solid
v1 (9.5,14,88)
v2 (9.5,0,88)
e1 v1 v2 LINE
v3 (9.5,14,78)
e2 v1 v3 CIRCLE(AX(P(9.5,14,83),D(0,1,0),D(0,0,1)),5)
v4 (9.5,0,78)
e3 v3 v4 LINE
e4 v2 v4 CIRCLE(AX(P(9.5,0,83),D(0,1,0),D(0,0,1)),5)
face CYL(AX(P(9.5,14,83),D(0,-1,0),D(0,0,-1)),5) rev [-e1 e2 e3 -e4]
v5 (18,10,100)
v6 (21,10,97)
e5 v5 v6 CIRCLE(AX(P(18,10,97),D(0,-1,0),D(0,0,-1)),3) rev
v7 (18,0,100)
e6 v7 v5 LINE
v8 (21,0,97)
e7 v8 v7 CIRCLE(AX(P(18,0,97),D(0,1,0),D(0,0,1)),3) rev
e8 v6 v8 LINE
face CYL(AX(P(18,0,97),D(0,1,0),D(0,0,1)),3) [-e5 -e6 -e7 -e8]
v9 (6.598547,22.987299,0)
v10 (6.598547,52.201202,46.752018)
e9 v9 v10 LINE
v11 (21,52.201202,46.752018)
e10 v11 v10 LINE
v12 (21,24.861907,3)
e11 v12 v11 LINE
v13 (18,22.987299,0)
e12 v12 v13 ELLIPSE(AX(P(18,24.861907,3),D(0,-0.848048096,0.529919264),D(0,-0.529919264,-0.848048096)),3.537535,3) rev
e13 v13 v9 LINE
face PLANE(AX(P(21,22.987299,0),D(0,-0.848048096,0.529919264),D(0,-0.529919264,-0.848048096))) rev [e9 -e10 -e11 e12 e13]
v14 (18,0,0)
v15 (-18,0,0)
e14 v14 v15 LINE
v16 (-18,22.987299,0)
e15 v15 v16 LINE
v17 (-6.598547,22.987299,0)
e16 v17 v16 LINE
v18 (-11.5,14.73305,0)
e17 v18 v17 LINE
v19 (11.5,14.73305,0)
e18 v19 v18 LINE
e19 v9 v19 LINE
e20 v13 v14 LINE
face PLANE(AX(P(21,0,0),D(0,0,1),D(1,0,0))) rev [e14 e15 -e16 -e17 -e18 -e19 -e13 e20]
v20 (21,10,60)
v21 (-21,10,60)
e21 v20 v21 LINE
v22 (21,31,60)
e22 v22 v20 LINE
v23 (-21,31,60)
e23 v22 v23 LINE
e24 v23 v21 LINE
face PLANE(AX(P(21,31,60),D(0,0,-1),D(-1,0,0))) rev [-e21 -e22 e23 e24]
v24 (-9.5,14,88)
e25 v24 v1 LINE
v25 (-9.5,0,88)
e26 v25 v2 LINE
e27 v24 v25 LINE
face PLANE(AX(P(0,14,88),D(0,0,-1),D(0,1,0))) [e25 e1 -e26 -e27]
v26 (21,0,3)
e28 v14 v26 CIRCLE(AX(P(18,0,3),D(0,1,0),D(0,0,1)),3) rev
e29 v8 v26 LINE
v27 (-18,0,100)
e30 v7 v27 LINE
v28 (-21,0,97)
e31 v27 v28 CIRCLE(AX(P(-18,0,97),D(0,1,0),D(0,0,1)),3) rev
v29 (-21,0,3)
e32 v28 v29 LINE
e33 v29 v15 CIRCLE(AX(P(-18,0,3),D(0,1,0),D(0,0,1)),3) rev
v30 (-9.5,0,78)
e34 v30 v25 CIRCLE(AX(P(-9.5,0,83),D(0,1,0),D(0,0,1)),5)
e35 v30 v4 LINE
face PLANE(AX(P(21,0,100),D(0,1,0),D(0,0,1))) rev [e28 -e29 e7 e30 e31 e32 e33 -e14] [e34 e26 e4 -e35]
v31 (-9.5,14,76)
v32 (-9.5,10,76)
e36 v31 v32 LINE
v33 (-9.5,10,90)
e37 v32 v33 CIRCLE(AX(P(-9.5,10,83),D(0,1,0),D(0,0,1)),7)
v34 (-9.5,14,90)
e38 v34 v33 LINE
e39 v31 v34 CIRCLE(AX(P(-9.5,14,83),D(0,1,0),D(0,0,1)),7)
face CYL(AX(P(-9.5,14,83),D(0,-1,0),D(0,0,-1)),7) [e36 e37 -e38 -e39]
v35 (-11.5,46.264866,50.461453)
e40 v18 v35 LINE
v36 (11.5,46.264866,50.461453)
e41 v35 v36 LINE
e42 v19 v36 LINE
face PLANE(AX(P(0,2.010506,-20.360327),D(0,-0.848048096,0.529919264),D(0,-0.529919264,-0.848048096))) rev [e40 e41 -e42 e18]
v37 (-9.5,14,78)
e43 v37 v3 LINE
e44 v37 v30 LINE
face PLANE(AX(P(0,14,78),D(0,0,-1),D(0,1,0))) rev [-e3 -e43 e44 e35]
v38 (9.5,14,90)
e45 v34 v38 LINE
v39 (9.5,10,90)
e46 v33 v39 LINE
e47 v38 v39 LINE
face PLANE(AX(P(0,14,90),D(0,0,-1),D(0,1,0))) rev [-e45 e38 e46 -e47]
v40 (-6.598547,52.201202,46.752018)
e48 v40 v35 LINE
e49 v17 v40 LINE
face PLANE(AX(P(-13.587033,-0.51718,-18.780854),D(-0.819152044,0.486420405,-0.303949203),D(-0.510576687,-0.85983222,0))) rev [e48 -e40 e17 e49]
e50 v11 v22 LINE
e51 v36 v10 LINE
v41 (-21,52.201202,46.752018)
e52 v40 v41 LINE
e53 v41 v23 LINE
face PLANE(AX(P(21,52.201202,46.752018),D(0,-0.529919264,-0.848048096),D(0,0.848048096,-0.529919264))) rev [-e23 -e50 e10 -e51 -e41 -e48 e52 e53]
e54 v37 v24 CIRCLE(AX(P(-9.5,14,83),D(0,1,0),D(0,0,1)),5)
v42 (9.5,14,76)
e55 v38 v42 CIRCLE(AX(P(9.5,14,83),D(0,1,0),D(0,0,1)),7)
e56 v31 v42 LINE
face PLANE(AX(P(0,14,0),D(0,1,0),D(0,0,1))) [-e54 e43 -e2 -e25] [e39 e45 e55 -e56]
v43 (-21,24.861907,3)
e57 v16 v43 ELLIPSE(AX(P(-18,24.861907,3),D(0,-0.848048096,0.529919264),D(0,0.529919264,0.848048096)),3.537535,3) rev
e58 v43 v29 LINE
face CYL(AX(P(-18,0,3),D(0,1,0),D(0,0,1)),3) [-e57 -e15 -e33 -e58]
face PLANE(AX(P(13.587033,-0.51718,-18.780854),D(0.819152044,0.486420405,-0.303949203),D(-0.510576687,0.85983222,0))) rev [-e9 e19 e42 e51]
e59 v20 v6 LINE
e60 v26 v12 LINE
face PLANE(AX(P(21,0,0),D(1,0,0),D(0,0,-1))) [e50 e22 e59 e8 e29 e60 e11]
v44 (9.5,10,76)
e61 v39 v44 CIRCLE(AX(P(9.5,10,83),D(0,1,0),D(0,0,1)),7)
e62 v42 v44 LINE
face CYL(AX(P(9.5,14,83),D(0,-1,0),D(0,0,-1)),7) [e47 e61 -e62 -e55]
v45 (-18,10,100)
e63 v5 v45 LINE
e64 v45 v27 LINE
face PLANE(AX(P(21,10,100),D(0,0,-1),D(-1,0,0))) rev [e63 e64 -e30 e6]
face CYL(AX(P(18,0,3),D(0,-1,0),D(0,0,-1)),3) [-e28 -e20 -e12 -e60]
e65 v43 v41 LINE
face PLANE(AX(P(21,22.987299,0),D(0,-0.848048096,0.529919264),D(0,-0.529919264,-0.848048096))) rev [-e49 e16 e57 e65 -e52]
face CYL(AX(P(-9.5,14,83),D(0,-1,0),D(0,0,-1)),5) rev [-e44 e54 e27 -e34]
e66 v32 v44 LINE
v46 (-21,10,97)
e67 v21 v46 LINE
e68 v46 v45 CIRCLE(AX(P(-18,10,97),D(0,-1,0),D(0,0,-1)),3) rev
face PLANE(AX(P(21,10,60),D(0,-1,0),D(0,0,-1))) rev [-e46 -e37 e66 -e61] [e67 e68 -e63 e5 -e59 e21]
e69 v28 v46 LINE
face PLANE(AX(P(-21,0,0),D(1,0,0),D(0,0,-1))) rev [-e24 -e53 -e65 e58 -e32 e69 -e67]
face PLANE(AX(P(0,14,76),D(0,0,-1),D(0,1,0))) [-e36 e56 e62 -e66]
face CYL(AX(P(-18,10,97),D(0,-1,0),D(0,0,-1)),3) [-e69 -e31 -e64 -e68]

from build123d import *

# Parameters (mm, degrees)
BOSS_EXTRUDE1_DEPTH = 21
BOSS_EXTRUDE2_DEPTH = 4
CUT_EXTRUDE1_DEPTH  = 111.552889986
CUT_EXTRUDE2_REACH  = 72.51
FILLET1_R           = 3


with BuildPart() as part:
    # Sketch1 → Boss-Extrude1 (new, symmetric)
    with BuildSketch(Plane(origin=(0, 0, 0), x_dir=(0, 0, -1), z_dir=(1, 0, 0))):
        Polygon((0, 0), (0, 22.987298969), (-46.752018394, 52.201202404), (-60, 31), (-60, 10), (-100, 10), (-100, 0), align=None)
    extrude(amount=BOSS_EXTRUDE1_DEPTH, both=True)

    # Sketch2 → Boss-Extrude2 (add)
    with BuildSketch(Plane(origin=(0, 10, 0), x_dir=(1, 0, 0), z_dir=(0, 1, 0))):
        with BuildLine():
            Line((-9.5, -90), (9.5, -90))
            ThreePointArc((9.5, -90), (16.5, -83), (9.5, -76))
            Line((9.5, -76), (-9.5, -76))
            ThreePointArc((-9.5, -76), (-16.5, -83), (-9.5, -90))
        make_face()
        with BuildLine():
            ThreePointArc((-9.5, -78), (-14.5, -83), (-9.5, -88))
            Line((-9.5, -88), (9.5, -88))
            ThreePointArc((9.5, -88), (14.5, -83), (9.5, -78))
            Line((9.5, -78), (-9.5, -78))
        make_face(mode=Mode.SUBTRACT)
    extrude(amount=BOSS_EXTRUDE2_DEPTH)

    # Sketch2<3> → Cut-Extrude1 (cut, through all)
    with BuildSketch(Plane(origin=(0, 10, 0), x_dir=(1, 0, 0), z_dir=(0, 1, 0))):
        with BuildLine():
            Line((9.5, -78), (-9.5, -78))
            ThreePointArc((-9.5, -78), (-14.5, -83), (-9.5, -88))
            Line((-9.5, -88), (9.5, -88))
            ThreePointArc((9.5, -88), (14.5, -83), (9.5, -78))
        make_face()
    extrude(amount=-CUT_EXTRUDE1_DEPTH, mode=Mode.SUBTRACT)

    # Cut-Extrude2: up to this plane
    cut_extrude2_end = Plane(origin=(21, 0, 0), z_dir=(0, 0, 1))
    # Sketch3 → Cut-Extrude2 (cut, up to the surface)
    with BuildSketch(Plane(origin=(0, 35.669068614, 57.082442121), x_dir=(1, 0, 0), z_dir=(0, 0.5299192642332053, 0.8480480961564258)), mode=Mode.PRIVATE) as cut_extrude2_sk1:
        Polygon((0, 19.494335127), (0, 12.494335127), (11.5, 12.494335127), (6.598547233, 19.494335127), align=None)
    cut_extrude2_tool1 = split(extrude(cut_extrude2_sk1.sketch, amount=-CUT_EXTRUDE2_REACH, mode=Mode.PRIVATE), bisect_by=cut_extrude2_end, keep=Keep.BOTH, mode=Mode.PRIVATE)
    add(cut_extrude2_tool1.solids().sort_by_distance((4.635255, 48.965087, 48.774167))[0], mode=Mode.SUBTRACT)
    # Sketch3 → Cut-Extrude2 (cut, up to the surface)
    with BuildSketch(Plane(origin=(0, 35.669068614, 57.082442121), x_dir=(1, 0, 0), z_dir=(0, 0.5299192642332053, 0.8480480961564258)), mode=Mode.PRIVATE) as cut_extrude2_sk2:
        Polygon((0, 19.494335127), (-6.598547233, 19.494335127), (-11.5, 12.494335127), (0, 12.494335127), align=None)
    cut_extrude2_tool2 = split(extrude(cut_extrude2_sk2.sketch, amount=-CUT_EXTRUDE2_REACH, mode=Mode.PRIVATE), bisect_by=cut_extrude2_end, keep=Keep.BOTH, mode=Mode.PRIVATE)
    add(cut_extrude2_tool2.solids().sort_by_distance((-4.635255, 48.965087, 48.774167))[0], mode=Mode.SUBTRACT)

    # Fillet1
    fillet1_edges = [part.edges().sort_by_distance(p)[0] for p in [
        (21, 5, 100),
        (-21, 5, 100),
        (21, 11.493649485, 0),
        (-21, 11.493649485, 0),
    ]]
    fillet(fillet1_edges, radius=FILLET1_R)


solid = part.part
